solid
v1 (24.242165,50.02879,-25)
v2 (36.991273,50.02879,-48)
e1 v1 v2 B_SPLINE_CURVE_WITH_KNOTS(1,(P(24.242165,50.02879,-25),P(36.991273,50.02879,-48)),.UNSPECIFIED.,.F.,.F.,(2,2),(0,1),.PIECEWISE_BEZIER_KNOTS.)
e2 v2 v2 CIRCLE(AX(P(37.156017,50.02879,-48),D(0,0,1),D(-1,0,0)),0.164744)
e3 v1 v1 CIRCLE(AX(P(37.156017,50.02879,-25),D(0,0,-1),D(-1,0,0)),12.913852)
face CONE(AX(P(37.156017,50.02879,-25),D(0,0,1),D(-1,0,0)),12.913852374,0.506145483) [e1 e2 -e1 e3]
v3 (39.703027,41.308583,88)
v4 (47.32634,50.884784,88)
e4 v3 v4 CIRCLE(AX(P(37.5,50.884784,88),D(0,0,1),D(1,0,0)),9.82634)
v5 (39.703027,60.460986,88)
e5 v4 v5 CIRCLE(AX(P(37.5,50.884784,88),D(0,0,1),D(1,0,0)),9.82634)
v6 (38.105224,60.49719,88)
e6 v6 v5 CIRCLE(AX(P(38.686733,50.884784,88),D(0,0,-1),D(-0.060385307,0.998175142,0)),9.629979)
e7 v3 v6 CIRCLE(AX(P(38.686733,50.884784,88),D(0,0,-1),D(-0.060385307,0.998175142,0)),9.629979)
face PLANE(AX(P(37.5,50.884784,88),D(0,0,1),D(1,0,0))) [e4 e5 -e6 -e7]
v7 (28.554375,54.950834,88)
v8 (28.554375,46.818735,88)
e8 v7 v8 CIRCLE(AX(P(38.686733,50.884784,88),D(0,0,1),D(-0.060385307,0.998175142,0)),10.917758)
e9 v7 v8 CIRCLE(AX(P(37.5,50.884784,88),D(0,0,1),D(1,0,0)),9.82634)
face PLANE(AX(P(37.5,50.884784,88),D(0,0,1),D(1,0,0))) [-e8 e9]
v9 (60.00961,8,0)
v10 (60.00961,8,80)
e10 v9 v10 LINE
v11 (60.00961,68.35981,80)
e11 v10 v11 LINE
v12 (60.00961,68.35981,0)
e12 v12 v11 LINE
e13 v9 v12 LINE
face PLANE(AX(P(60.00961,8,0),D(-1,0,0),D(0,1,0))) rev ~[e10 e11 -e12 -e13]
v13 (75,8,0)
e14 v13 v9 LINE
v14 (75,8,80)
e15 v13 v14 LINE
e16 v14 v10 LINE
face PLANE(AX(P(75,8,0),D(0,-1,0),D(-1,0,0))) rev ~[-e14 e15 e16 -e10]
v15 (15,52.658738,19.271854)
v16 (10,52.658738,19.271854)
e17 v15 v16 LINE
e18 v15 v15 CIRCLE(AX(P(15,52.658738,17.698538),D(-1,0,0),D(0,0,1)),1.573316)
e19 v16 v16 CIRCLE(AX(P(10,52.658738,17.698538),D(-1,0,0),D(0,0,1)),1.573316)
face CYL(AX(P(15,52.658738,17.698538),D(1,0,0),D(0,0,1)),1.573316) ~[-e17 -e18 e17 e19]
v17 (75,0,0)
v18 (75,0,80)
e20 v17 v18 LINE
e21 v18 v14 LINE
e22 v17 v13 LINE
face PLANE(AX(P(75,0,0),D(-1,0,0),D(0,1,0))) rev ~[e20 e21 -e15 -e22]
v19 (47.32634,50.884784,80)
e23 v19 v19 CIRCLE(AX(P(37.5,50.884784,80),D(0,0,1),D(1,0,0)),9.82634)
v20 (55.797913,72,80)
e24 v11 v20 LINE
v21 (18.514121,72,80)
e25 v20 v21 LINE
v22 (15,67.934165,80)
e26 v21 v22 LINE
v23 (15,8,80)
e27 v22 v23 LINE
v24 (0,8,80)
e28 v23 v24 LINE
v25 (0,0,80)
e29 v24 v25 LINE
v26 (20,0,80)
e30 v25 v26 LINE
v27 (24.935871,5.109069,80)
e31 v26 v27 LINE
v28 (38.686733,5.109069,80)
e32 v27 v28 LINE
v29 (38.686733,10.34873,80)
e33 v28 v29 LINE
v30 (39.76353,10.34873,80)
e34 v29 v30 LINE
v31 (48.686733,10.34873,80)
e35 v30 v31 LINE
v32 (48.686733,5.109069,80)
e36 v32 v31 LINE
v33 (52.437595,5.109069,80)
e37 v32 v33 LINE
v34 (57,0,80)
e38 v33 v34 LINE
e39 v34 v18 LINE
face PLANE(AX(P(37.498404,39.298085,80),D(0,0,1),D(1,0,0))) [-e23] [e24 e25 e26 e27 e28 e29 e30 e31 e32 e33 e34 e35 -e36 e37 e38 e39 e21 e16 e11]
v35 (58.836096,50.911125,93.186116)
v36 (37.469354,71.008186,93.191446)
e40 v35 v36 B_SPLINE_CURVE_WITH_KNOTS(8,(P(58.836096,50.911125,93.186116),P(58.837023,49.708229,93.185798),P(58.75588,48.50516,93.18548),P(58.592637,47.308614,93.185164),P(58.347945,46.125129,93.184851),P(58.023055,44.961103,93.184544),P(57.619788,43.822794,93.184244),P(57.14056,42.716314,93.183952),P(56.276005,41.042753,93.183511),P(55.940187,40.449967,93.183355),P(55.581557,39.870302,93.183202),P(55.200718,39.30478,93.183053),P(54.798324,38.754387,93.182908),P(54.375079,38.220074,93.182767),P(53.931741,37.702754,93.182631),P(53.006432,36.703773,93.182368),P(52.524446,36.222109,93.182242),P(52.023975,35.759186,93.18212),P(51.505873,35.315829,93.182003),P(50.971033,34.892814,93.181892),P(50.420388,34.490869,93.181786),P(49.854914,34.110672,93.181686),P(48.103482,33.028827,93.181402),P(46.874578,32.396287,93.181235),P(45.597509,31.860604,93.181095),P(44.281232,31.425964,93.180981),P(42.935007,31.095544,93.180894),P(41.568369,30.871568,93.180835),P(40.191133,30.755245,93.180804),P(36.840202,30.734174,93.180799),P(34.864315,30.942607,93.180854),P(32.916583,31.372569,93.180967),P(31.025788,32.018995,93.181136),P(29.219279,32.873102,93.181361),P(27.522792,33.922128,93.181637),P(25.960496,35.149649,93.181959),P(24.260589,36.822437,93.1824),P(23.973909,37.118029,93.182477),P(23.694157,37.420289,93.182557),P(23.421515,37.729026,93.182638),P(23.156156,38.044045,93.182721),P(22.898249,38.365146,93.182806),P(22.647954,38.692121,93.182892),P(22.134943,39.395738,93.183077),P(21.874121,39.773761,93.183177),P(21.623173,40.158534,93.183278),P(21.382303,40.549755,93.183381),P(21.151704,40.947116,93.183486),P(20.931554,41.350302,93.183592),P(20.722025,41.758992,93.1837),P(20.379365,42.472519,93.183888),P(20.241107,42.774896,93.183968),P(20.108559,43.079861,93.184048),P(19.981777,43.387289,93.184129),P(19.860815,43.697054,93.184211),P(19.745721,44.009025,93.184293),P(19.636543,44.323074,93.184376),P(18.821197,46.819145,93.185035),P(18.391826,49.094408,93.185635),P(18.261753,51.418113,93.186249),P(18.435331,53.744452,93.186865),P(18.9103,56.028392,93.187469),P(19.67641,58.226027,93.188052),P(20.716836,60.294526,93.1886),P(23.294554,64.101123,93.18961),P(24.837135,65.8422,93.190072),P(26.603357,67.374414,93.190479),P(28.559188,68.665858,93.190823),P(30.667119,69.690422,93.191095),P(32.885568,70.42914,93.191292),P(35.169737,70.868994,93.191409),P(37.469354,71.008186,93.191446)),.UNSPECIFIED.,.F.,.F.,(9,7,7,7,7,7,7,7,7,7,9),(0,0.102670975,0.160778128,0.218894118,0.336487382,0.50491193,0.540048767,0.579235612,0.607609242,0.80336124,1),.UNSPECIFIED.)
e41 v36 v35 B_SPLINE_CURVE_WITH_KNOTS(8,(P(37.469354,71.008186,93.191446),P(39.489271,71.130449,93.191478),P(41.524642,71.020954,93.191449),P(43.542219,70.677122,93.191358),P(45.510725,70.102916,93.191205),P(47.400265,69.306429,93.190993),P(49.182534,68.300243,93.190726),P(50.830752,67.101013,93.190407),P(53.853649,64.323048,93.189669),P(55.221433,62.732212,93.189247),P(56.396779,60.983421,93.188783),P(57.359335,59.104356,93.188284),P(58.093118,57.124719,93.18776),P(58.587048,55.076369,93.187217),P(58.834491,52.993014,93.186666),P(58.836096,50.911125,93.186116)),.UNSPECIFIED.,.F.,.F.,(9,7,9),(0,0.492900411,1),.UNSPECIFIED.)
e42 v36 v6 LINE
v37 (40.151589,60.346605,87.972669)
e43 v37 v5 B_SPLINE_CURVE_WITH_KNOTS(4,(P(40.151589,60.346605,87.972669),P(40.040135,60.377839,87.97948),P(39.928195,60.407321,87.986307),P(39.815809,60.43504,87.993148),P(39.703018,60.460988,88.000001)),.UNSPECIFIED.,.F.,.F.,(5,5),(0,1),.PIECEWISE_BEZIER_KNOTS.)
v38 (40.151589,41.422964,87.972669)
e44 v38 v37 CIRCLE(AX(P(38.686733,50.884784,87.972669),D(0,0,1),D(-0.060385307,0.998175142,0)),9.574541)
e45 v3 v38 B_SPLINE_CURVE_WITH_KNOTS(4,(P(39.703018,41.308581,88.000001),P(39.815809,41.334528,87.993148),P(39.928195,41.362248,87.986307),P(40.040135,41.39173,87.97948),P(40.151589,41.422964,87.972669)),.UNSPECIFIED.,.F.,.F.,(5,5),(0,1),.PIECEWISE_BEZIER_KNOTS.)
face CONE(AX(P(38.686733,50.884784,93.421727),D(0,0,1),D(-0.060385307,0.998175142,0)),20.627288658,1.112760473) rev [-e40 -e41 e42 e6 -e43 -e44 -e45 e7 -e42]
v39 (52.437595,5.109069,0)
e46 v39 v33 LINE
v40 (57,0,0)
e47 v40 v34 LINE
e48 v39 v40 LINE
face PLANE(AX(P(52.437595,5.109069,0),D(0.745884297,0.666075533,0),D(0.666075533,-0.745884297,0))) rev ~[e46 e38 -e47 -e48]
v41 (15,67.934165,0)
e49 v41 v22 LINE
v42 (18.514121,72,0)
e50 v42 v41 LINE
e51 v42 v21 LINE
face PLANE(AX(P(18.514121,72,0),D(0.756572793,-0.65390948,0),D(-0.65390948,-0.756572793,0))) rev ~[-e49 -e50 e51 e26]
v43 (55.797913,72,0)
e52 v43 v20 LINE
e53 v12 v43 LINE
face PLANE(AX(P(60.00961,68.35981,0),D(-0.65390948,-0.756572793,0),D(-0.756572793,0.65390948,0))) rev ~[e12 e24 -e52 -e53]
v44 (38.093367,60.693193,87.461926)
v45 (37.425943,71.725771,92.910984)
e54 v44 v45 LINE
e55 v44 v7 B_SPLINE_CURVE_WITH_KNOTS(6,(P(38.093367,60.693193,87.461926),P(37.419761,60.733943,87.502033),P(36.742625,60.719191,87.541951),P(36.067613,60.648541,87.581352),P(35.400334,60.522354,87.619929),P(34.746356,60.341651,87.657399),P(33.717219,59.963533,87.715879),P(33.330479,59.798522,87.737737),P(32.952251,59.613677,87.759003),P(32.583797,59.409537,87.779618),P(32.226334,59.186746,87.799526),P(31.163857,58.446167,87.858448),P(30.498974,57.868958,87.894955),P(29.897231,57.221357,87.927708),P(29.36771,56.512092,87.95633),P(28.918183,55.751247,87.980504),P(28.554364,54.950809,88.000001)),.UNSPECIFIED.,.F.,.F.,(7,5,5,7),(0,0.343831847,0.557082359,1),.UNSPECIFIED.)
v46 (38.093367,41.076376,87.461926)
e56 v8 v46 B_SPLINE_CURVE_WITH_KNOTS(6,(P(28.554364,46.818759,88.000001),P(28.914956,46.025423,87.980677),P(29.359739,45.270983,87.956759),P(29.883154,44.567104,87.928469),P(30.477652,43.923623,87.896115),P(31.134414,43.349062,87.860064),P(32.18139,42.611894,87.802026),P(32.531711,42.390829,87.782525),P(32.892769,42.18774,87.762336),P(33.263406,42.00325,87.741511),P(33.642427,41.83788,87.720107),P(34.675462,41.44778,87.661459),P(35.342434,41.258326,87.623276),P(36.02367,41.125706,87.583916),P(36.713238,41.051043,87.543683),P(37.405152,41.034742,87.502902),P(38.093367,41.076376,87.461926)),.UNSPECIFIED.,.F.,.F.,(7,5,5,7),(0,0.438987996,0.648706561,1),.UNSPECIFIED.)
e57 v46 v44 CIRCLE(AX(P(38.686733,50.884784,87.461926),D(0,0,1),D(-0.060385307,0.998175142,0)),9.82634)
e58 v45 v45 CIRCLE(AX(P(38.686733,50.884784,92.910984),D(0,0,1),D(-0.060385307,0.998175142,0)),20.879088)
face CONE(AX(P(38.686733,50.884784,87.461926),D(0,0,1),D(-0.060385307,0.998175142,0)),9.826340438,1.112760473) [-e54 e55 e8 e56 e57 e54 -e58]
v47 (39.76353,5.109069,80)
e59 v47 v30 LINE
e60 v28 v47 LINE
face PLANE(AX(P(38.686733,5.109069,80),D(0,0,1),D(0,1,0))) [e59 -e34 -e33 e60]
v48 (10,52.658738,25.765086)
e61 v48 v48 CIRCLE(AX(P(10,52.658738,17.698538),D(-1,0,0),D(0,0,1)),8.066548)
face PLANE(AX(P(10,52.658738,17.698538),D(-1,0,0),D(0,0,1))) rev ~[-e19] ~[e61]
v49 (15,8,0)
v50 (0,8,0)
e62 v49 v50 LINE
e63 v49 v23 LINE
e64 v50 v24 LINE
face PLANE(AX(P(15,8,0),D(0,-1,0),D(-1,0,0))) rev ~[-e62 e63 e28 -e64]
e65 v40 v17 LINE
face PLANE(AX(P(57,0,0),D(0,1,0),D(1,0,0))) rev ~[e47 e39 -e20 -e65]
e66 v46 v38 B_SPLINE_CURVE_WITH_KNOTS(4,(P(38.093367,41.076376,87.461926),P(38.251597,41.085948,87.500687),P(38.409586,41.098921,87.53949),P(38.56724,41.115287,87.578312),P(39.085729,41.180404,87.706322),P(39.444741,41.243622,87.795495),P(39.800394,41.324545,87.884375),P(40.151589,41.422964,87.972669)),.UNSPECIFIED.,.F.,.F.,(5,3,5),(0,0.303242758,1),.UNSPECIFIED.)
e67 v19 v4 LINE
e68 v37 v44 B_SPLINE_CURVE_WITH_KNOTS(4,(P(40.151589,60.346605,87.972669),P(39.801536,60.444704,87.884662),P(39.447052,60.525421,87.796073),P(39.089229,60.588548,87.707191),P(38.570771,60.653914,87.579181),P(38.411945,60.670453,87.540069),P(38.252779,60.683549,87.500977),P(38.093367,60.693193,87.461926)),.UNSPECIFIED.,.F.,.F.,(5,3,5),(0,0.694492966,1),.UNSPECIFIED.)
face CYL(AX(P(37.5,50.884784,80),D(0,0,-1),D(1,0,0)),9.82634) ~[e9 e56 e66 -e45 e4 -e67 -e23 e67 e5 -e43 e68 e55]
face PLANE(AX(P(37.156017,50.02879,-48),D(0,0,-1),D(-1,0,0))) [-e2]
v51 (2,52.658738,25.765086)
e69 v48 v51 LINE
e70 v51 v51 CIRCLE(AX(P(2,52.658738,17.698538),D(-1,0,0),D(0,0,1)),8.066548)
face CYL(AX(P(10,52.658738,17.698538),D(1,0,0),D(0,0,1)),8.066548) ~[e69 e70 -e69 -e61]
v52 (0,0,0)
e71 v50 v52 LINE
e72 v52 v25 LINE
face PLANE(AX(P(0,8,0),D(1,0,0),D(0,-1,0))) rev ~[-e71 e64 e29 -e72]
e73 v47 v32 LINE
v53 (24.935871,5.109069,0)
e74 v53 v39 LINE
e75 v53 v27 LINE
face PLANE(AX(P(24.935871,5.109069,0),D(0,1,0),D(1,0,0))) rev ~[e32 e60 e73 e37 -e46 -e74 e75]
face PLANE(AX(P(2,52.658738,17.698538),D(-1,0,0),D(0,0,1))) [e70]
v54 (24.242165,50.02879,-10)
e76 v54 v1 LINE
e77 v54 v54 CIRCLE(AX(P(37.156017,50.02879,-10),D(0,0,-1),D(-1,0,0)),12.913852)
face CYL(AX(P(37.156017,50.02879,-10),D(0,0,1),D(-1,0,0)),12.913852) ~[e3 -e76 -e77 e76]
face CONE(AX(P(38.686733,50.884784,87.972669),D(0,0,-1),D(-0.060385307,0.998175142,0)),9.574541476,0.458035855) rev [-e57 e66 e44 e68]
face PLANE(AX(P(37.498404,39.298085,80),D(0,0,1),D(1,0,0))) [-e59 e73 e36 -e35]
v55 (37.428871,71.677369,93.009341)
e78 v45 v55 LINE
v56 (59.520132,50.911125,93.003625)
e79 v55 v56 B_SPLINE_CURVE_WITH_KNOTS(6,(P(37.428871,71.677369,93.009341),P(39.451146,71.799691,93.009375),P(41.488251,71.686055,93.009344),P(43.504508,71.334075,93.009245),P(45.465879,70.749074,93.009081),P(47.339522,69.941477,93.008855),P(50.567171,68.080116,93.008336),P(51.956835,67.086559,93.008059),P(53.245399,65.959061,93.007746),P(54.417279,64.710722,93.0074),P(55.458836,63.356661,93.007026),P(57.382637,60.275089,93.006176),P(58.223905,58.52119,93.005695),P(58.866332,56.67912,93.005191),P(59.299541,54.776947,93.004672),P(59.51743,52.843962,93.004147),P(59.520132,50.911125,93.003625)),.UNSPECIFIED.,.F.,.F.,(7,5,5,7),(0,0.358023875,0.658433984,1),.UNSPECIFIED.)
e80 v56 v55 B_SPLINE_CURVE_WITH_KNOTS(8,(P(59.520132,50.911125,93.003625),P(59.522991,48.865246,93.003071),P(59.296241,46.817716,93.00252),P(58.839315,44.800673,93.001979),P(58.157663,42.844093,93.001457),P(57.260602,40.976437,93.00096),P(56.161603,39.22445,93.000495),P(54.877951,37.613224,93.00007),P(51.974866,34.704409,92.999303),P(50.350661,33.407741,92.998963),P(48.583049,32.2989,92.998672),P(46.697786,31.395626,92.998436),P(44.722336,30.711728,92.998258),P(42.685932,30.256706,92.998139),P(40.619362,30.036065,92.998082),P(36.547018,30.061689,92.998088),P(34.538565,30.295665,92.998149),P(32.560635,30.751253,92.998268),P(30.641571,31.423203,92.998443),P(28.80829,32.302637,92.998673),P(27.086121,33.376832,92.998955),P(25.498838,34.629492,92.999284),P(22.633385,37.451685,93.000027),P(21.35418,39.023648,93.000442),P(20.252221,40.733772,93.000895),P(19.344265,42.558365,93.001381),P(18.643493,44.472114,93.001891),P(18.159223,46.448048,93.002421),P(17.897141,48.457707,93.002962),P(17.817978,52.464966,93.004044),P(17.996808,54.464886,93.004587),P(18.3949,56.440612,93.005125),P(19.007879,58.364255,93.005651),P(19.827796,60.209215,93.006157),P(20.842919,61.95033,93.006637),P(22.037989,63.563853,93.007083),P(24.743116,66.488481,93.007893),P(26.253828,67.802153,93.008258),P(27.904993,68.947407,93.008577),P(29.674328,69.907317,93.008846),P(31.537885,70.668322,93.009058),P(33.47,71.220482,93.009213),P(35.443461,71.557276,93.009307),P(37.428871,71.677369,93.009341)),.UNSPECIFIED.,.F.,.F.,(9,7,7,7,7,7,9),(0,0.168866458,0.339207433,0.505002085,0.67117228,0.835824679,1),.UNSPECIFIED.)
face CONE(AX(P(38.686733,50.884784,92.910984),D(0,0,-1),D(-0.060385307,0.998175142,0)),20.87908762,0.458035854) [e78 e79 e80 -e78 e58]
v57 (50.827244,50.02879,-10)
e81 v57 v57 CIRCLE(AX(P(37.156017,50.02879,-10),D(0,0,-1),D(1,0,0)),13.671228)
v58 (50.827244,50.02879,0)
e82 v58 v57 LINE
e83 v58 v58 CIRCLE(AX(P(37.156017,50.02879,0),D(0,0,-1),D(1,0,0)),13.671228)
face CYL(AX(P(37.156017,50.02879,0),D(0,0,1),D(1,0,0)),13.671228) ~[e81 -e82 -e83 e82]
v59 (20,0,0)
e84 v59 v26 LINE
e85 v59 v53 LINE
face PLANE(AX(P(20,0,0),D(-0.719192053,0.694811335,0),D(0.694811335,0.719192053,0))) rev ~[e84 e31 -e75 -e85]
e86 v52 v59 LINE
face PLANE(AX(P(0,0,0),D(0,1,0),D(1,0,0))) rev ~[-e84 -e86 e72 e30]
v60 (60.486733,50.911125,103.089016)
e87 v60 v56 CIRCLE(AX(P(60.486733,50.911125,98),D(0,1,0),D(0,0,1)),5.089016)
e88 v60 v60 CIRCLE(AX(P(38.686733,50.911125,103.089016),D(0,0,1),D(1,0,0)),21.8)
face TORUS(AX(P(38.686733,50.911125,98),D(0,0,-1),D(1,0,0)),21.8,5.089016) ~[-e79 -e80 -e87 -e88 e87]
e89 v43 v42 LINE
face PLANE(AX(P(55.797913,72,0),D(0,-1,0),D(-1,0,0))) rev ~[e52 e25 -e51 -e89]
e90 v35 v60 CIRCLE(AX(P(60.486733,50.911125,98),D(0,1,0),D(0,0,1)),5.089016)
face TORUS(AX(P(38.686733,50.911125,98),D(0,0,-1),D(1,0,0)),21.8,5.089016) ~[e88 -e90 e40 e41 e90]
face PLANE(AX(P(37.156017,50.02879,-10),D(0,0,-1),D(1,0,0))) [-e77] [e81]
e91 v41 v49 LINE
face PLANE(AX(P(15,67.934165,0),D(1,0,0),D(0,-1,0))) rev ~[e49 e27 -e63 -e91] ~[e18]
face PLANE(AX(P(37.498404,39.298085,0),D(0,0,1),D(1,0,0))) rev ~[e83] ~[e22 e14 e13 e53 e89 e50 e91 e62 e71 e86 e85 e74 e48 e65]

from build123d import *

# Parameters (mm, degrees)
BOSS_EXTRUDE1_DEPTH = 80
SKETCH2_R           = 13.671227571
BOSS_EXTRUDE2_DEPTH = 10
SKETCH3_R           = 12.913852374
BOSS_EXTRUDE3_DEPTH = 15
SKETCH4_R           = 12.913852374
BOSS_EXTRUDE4_DEPTH = 23
BOSS_EXTRUDE4_TAPER = 29
SKETCH5_R           = 1.573315865
BOSS_EXTRUDE5_DEPTH = 5
SKETCH6_R           = 8.066547916
BOSS_EXTRUDE6_DEPTH = 8
SKETCH7_R           = 9.826340438
BOSS_EXTRUDE7_DEPTH = 8
BOSS_EXTRUDE8_DEPTH = 8
SKETCH9_R           = 5.089016131
SKETCH10_W          = 8
SKETCH10_H          = 10.271927907
CUT_EXTRUDE1_DEPTH  = 8
SKETCH11_W          = 1.076796548
SKETCH11_H          = 5.239660712
BOSS_EXTRUDE9_DEPTH = 10
SKETCH13_W          = 10
SKETCH13_H          = 5.239660712
CUT_EXTRUDE2_DEPTH  = 10


with BuildPart() as part:
    # Sketch1 → Boss-Extrude1 (new body)
    with BuildSketch(Plane.XY):
        Polygon((15, 67.934164541), (15, 8), (60.009609738, 8), (60.009609738, 68.359810191), (55.797912777, 72), (18.514121016, 72), align=None)
        Polygon((0, 8), (0, 0), (15, 0), (15, 5.109069118), (15, 8), align=None)
        Polygon((15, 5.109069118), (15, 0), (20, 0), (24.93587091, 5.109069118), align=None)
        Polygon((15, 8), (15, 5.109069118), (24.93587091, 5.109069118), (25.209869702, 5.109069118), (51.99666462, 5.109069118), (52.437595414, 5.109069118), (60.009609738, 5.109069118), (60.009609738, 8), align=None)
        Polygon((52.437595414, 5.109069118), (57, 0), (60.009609738, 0), (60.009609738, 5.109069118), align=None)
        Polygon((75, 8), (60.009609738, 8), (60.009609738, 5.109069118), (60.009609738, 0), (75, 0), align=None)
    extrude(amount=BOSS_EXTRUDE1_DEPTH)

    # Sketch2 → Boss-Extrude2 (add)
    with BuildSketch(Plane(origin=(0, 0, 0), x_dir=(-1, 0, 0), z_dir=(0, 0, -1))):
        with Locations(Location((-37.156016896, 50.028790428, 0), (0, 0, 180))):
            Circle(SKETCH2_R)
    extrude(amount=BOSS_EXTRUDE2_DEPTH)

    # Sketch3 → Boss-Extrude3 (add)
    with BuildSketch(Plane(origin=(0, 0, -10), x_dir=(-1, 0, 0), z_dir=(0, 0, -1))):
        with Locations((-37.156016896, 50.028790428)):
            Circle(SKETCH3_R)
    extrude(amount=BOSS_EXTRUDE3_DEPTH)

    # Sketch4 → Boss-Extrude4 (add)
    with BuildSketch(Plane(origin=(0, 0, -25), x_dir=(-1, 0, 0), z_dir=(0, 0, -1))):
        with Locations((-37.156016896, 50.028790428)):
            Circle(SKETCH4_R)
    extrude(amount=BOSS_EXTRUDE4_DEPTH, taper=BOSS_EXTRUDE4_TAPER)

    # Sketch5 → Boss-Extrude5 (add)
    with BuildSketch(Plane.ZY.offset(-15)):
        with Locations((17.698538023, 52.6587383)):
            Circle(SKETCH5_R)
    extrude(amount=BOSS_EXTRUDE5_DEPTH)

    # Sketch6 → Boss-Extrude6 (add)
    with BuildSketch(Plane.ZY.offset(-10)):
        with Locations((17.698538023, 52.6587383)):
            Circle(SKETCH6_R)
    extrude(amount=BOSS_EXTRUDE6_DEPTH)

    # Sketch7 → Boss-Extrude7 (add)
    with BuildSketch(Plane.XY.offset(80)):
        with Locations((37.5, 50.88478442)):
            Circle(SKETCH7_R)
    extrude(amount=BOSS_EXTRUDE7_DEPTH)

    # Sketch8 → Boss-Extrude8 (add)
    with BuildSketch(Plane.XY.offset(80)):
        Polygon((38.686733162, 32.338247922), (38.686733162, 22.066320015), (39.377357569, 22.066320015), (40.067981977, 32.338247922), align=None)
    extrude(amount=BOSS_EXTRUDE8_DEPTH)

    # Sketch10 → Cut-Extrude1 (cut)
    with BuildSketch(Plane.ZY.offset(-38.686733162)):
        with Locations((84, 27.202283969)):
            Rectangle(SKETCH10_W, SKETCH10_H)
    extrude(amount=-CUT_EXTRUDE1_DEPTH, mode=Mode.SUBTRACT)

    # Sketch11 → Boss-Extrude9 (add)
    with BuildSketch(Plane.XY.offset(80)):
        with Locations((39.225131436, 7.728899474)):
            Rectangle(SKETCH11_W, SKETCH11_H)
    extrude(amount=BOSS_EXTRUDE9_DEPTH)



with BuildPart() as body_2:
    # Sketch9 → Revolve1 (revolve)
    with BuildSketch(Plane.ZY.offset(-38.686733162), mode=Mode.PRIVATE) as revolve1_sk:
        with Locations((98, 72.711124859)):
            Circle(SKETCH9_R)
    revolve(revolve1_sk.sketch.rotate(Axis((38.686733162, 50.911124859, 88), (0, 0, 1)), 270), axis=Axis((38.686733162, 50.911124859, 88), (0, 0, 1)))


with BuildPart() as part_1:
    add(part.part)

    add(body_2.part)  # Revolve2 merges body 2
    # Sketch12 → Revolve2 (revolve)
    with BuildSketch(Plane.ZY.offset(-38.686733162), mode=Mode.PRIVATE) as revolve2_sk:
        Polygon((93.421727235, 30.257495762), (87.972669159, 41.310242944), (87.461925794, 41.058443982), (92.910983869, 30.0056968), align=None)
    revolve(revolve2_sk.sketch.rotate(Axis((38.686733162, 50.88478442, 88), (0, 0, 1)), 183.461929318), axis=Axis((38.686733162, 50.88478442, 88), (0, 0, 1)))

    # Sketch13 → Cut-Extrude2 (cut)
    with BuildSketch(Plane.ZY.offset(-38.686733162)):
        with Locations((85, 7.728899474)):
            Rectangle(SKETCH13_W, SKETCH13_H)
    extrude(amount=-CUT_EXTRUDE2_DEPTH, mode=Mode.SUBTRACT)


solid = part_1.part
